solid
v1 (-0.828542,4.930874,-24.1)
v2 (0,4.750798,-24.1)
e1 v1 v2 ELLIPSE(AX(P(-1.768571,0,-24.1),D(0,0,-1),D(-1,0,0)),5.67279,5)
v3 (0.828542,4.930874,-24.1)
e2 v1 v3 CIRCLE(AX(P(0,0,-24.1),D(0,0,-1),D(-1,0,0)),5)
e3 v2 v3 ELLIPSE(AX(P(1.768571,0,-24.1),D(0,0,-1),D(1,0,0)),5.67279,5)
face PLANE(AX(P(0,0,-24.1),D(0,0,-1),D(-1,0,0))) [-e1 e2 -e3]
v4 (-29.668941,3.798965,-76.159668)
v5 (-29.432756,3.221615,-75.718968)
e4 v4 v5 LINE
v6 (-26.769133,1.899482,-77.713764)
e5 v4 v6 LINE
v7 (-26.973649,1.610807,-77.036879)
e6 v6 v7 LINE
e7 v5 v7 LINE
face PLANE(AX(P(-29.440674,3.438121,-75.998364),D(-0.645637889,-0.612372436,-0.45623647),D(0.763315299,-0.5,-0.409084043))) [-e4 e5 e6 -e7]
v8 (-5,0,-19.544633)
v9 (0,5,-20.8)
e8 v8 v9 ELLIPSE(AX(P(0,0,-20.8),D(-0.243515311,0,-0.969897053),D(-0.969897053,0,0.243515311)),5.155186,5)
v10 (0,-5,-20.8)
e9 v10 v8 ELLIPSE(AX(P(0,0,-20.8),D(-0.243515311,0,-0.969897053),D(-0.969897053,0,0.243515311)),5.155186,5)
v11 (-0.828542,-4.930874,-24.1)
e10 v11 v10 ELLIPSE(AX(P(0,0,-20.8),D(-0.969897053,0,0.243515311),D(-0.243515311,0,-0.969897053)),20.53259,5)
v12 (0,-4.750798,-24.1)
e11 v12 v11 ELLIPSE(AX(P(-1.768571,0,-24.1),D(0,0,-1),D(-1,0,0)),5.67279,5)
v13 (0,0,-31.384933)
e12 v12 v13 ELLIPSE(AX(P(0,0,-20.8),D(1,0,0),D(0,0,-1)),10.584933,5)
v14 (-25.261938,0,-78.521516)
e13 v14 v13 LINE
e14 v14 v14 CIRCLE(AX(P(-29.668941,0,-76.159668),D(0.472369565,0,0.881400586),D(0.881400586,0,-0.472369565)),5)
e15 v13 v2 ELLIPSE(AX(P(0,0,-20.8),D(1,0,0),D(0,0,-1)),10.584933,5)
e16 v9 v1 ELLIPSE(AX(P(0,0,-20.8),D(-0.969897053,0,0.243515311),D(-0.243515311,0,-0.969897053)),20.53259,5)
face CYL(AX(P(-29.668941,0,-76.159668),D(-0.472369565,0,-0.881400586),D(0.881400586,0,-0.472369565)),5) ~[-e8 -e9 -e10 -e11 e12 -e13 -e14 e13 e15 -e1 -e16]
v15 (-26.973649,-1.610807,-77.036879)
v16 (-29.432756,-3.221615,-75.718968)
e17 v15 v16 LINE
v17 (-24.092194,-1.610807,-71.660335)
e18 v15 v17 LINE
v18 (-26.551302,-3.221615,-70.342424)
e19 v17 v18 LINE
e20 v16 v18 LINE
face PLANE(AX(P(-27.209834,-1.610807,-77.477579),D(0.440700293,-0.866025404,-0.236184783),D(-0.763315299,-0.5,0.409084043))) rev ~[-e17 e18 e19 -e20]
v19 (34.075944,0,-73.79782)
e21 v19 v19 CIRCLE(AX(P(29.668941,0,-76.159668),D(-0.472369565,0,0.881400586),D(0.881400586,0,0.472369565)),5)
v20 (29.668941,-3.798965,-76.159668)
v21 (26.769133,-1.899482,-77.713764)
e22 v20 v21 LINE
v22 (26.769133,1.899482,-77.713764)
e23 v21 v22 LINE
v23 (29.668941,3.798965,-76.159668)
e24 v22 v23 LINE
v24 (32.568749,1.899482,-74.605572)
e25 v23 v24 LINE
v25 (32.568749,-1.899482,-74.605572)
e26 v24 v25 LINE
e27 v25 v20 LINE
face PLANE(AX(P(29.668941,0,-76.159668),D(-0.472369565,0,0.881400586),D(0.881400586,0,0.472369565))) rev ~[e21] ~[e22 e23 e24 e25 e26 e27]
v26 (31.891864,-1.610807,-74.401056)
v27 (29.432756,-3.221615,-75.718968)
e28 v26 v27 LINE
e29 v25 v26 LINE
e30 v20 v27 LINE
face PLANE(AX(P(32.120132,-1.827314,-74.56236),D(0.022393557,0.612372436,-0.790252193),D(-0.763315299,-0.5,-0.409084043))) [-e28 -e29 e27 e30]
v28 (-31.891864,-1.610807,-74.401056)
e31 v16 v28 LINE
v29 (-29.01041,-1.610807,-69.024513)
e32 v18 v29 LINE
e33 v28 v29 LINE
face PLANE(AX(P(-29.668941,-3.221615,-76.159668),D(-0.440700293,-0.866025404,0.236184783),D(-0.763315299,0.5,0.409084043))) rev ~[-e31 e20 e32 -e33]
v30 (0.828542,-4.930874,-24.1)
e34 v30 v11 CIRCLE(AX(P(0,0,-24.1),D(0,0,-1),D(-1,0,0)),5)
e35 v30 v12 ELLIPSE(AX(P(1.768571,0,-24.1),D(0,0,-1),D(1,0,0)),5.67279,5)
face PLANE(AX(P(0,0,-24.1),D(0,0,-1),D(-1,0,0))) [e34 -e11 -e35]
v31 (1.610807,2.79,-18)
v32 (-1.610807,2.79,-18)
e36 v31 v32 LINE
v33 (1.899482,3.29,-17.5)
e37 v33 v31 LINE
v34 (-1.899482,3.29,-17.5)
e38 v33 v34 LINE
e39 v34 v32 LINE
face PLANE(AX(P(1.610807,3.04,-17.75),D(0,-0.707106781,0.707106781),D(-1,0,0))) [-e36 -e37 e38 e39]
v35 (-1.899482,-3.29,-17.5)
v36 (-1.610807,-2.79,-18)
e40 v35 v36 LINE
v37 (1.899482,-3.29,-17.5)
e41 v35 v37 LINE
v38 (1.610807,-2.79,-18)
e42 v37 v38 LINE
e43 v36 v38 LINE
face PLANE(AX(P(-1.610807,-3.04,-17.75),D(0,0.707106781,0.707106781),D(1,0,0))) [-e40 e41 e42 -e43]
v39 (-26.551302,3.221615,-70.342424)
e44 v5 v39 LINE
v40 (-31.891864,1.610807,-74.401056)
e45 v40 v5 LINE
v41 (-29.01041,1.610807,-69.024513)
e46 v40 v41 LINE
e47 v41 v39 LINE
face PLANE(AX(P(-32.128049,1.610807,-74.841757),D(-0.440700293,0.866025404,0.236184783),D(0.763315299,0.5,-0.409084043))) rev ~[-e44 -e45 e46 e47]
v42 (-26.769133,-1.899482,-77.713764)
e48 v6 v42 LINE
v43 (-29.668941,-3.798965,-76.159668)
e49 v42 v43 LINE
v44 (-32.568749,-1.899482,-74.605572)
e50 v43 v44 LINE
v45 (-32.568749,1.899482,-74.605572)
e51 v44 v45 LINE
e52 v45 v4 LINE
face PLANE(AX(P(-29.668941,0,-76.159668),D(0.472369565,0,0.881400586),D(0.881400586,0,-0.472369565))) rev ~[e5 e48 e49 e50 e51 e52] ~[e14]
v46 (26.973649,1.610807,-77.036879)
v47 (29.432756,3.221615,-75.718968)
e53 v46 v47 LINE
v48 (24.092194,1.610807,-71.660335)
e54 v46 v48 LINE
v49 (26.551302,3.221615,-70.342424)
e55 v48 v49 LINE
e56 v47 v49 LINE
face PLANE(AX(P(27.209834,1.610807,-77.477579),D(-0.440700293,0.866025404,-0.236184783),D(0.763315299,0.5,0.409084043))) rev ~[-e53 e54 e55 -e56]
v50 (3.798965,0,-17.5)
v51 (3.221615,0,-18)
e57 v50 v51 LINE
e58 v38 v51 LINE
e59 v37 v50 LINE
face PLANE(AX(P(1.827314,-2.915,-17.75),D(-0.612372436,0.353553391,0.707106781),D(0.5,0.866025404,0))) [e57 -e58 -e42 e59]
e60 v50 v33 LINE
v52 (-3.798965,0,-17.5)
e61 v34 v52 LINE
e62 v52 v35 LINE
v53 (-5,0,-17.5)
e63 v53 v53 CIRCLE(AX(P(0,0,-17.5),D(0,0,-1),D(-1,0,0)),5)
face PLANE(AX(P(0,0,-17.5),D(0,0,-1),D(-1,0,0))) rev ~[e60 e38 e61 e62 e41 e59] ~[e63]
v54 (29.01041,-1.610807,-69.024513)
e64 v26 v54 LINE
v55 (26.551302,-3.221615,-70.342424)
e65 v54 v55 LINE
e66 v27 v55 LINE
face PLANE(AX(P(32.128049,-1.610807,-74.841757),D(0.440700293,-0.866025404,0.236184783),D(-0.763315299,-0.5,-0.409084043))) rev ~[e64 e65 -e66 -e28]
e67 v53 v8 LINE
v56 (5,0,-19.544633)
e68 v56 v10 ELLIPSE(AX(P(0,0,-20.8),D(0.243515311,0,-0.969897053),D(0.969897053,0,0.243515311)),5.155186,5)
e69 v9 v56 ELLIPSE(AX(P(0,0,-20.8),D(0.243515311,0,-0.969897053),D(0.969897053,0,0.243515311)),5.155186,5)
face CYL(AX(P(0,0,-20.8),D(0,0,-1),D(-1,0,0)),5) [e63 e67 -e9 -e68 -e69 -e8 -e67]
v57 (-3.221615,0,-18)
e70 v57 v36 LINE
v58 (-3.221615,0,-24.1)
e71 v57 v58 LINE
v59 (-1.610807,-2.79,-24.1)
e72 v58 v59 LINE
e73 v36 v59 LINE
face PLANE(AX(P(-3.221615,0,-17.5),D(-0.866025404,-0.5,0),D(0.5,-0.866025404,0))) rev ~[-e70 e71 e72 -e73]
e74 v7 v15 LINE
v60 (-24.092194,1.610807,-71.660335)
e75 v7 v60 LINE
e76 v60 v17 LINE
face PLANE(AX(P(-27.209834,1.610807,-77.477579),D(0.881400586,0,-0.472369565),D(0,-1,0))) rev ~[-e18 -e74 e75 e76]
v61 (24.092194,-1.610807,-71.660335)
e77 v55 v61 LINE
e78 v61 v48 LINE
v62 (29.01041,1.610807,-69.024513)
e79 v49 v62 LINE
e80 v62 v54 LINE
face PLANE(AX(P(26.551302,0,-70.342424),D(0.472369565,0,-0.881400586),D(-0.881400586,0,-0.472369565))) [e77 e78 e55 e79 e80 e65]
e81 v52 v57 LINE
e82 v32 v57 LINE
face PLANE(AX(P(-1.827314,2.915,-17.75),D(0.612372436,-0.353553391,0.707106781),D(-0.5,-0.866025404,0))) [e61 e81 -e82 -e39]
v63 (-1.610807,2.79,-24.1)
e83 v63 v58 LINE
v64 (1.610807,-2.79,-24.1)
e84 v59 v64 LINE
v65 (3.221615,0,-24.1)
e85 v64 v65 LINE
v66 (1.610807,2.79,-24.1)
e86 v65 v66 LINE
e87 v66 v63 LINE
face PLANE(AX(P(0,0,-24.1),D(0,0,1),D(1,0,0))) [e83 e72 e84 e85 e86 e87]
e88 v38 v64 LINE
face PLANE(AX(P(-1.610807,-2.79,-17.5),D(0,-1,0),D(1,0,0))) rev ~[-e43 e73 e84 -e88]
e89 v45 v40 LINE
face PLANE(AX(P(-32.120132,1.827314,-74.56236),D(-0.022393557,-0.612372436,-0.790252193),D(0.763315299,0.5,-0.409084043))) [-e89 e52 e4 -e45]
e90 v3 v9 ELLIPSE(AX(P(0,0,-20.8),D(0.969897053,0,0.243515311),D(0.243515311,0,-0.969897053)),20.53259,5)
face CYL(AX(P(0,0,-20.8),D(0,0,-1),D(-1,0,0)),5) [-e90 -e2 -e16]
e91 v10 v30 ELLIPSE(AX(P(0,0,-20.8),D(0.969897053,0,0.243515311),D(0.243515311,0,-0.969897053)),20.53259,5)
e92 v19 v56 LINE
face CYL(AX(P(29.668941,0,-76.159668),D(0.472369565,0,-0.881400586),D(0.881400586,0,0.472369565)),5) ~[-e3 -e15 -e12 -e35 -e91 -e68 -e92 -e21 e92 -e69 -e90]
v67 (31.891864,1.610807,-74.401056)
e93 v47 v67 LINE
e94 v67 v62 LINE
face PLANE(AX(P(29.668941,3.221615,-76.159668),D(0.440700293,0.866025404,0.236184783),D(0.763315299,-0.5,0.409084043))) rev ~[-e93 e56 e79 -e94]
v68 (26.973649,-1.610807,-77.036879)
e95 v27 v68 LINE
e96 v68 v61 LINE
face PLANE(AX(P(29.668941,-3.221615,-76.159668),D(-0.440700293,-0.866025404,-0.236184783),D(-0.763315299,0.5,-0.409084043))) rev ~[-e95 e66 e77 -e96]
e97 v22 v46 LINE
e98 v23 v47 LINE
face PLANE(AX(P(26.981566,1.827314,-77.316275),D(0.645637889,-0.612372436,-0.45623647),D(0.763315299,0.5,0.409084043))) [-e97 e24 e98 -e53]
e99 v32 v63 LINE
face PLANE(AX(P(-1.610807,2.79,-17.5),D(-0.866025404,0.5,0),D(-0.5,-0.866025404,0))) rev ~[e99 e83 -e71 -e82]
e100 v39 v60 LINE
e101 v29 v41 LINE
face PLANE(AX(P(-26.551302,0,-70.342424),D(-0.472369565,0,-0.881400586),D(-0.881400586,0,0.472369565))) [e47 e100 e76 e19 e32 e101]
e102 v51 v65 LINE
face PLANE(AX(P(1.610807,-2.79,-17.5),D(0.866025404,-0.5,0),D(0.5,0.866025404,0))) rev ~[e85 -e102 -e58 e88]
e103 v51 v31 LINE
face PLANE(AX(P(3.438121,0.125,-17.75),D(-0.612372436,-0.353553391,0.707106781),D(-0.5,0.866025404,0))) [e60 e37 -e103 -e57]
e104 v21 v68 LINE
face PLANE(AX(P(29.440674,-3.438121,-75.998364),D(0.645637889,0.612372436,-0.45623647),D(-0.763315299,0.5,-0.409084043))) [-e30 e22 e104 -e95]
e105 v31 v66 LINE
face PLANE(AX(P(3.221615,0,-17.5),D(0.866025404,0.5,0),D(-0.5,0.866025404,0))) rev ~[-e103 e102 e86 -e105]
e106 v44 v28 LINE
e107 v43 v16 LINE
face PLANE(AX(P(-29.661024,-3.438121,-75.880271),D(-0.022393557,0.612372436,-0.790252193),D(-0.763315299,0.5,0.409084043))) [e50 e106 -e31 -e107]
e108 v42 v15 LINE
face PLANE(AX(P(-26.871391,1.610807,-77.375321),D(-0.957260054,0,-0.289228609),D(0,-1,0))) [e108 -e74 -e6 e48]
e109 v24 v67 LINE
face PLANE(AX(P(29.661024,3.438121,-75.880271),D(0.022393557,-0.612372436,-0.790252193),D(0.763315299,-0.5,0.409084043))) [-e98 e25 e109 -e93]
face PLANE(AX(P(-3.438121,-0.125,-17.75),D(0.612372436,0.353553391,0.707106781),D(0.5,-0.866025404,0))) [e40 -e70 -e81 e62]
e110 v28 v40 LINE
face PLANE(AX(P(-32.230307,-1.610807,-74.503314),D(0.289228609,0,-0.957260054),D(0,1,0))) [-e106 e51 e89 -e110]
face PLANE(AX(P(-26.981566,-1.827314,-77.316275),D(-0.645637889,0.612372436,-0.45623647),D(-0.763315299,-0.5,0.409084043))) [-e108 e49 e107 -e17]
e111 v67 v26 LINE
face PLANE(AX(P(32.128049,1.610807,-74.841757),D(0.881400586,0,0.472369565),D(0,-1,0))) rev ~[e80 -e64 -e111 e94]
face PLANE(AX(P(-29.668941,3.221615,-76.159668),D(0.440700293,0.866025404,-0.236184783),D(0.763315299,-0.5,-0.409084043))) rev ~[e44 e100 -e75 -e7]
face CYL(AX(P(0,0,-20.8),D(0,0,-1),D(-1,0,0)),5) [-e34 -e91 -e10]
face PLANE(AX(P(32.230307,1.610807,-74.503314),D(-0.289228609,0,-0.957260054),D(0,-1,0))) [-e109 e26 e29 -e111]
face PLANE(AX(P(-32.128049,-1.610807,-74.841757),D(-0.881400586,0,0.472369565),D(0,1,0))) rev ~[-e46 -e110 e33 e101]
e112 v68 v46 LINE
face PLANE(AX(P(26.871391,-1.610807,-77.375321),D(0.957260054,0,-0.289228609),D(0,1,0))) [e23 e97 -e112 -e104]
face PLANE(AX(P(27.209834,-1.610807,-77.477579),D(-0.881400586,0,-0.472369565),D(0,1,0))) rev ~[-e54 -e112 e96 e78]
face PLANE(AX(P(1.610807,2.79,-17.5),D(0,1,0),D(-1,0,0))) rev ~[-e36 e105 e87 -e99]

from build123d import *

# Parameters (mm, degrees)
SKETCH1_W           = 5
SKETCH1_H           = 6.6
BOSS_EXTRUDE1_REACH = 70.079
SKETCH3_R           = 5
BOSS_EXTRUDE2_REACH = 83.814
SKETCH4_R           = 5
CUT_EXTRUDE1_DEPTH  = 6.6
CUT_EXTRUDE2_DEPTH  = 6.6
CUT_EXTRUDE3_DEPTH  = 6.6
CHAMFER1_SIZE       = 0.5


with BuildPart() as part:
    # Sketch1 → Revolve-Thin2 (revolve)
    with BuildSketch(Plane(origin=(0, 0, 0), x_dir=(1, 0, 0), z_dir=(0, 1, 0))):
        with Locations((-2.5, 20.8)):
            Rectangle(SKETCH1_W, SKETCH1_H)
    revolve(axis=Axis((0, 0, -17.5), (0, 0, -1)))

    # Sketch3 → Boss-Extrude1 (add, up to next)
    with BuildSketch(Plane(origin=(-38.328954944, 0, -71.518501264), x_dir=(0.881400586, 0, -0.472369565), z_dir=(0.472369565, 0, 0.881400586)), mode=Mode.PRIVATE) as boss_extrude1_sk1:
        with Locations((9.825286961, 0)):
            Circle(SKETCH3_R)
    boss_extrude1_tool1 = extrude(boss_extrude1_sk1.sketch, amount=BOSS_EXTRUDE1_REACH, mode=Mode.PRIVATE) - part.part
    add(boss_extrude1_tool1.solids().sort_by_distance((-29.668941, 0, -76.159668))[0])

    # Sketch4 → Boss-Extrude2 (add, up to next)
    with BuildSketch(Plane(origin=(38.328954944, 0, -71.518501264), x_dir=(0.881400586, 0, 0.472369565), z_dir=(-0.472369565, 0, 0.881400586)), mode=Mode.PRIVATE) as boss_extrude2_sk1:
        with Locations((-9.825286961, 0)):
            Circle(SKETCH4_R)
    boss_extrude2_tool1 = extrude(boss_extrude2_sk1.sketch, amount=BOSS_EXTRUDE2_REACH, mode=Mode.PRIVATE) - part.part
    add(boss_extrude2_tool1.solids().sort_by_distance((29.668941, 0, -76.159668))[0])

    # Sketch5 → Cut-Extrude1 (cut)
    with BuildSketch(Plane.XY.offset(-17.5)):
        Polygon((1.610807251, 2.79), (-1.610807251, 2.79), (-3.221614502, 0), (-1.610807251, -2.79), (1.610807251, -2.79), (3.221614502, 0), align=None)
    extrude(amount=-CUT_EXTRUDE1_DEPTH, mode=Mode.SUBTRACT)

    # Sketch7 → Cut-Extrude2 (cut)
    with BuildSketch(Plane(origin=(-38.328954944, 0, -71.518501264), x_dir=(-0.881400586, 0, 0.472369565), z_dir=(-0.472369565, 0, -0.881400586))):
        Polygon((-7.035286961, 1.610807251), (-9.825286961, 3.221614502), (-12.615286961, 1.610807251), (-12.615286961, -1.610807251), (-9.825286961, -3.221614502), (-7.035286961, -1.610807251), align=None)
    extrude(amount=-CUT_EXTRUDE2_DEPTH, mode=Mode.SUBTRACT)

    # Sketch8 → Cut-Extrude3 (cut)
    with BuildSketch(Plane(origin=(38.328954944, 0, -71.518501264), x_dir=(-0.881400586, 0, -0.472369565), z_dir=(0.472369565, 0, -0.881400586))):
        Polygon((12.615286961, 1.610807251), (9.825286961, 3.221614502), (7.035286961, 1.610807251), (7.035286961, -1.610807251), (9.825286961, -3.221614502), (12.615286961, -1.610807251), align=None)
    extrude(amount=-CUT_EXTRUDE3_DEPTH, mode=Mode.SUBTRACT)

    # Chamfer1
    chamfer1_edges = [part.edges().sort_by_distance(p)[0] for p in [
        (2.416210877, 1.395, -17.5),
        (0, 2.79, -17.5),
        (-2.416210877, 1.395, -17.5),
        (-2.416210877, -1.395, -17.5),
        (0, -2.79, -17.5),
        (2.416210877, -1.395, -17.5),
        (-32.128048891, 0, -74.841756709),
        (-30.898495073, 2.416210877, -75.500712253),
        (-28.439387437, 2.416210877, -76.81862334),
        (-27.209833619, 0, -77.477578884),
        (-28.439387437, -2.416210877, -76.81862334),
        (-30.898495073, -2.416210877, -75.500712253),
        (27.209833619, 0, -77.477578884),
        (28.439387437, 2.416210877, -76.81862334),
        (30.898495073, 2.416210877, -75.500712253),
        (32.128048891, 0, -74.841756709),
        (30.898495073, -2.416210877, -75.500712253),
        (28.439387437, -2.416210877, -76.81862334),
    ]]
    chamfer(chamfer1_edges, length=CHAMFER1_SIZE)


solid = part.part
